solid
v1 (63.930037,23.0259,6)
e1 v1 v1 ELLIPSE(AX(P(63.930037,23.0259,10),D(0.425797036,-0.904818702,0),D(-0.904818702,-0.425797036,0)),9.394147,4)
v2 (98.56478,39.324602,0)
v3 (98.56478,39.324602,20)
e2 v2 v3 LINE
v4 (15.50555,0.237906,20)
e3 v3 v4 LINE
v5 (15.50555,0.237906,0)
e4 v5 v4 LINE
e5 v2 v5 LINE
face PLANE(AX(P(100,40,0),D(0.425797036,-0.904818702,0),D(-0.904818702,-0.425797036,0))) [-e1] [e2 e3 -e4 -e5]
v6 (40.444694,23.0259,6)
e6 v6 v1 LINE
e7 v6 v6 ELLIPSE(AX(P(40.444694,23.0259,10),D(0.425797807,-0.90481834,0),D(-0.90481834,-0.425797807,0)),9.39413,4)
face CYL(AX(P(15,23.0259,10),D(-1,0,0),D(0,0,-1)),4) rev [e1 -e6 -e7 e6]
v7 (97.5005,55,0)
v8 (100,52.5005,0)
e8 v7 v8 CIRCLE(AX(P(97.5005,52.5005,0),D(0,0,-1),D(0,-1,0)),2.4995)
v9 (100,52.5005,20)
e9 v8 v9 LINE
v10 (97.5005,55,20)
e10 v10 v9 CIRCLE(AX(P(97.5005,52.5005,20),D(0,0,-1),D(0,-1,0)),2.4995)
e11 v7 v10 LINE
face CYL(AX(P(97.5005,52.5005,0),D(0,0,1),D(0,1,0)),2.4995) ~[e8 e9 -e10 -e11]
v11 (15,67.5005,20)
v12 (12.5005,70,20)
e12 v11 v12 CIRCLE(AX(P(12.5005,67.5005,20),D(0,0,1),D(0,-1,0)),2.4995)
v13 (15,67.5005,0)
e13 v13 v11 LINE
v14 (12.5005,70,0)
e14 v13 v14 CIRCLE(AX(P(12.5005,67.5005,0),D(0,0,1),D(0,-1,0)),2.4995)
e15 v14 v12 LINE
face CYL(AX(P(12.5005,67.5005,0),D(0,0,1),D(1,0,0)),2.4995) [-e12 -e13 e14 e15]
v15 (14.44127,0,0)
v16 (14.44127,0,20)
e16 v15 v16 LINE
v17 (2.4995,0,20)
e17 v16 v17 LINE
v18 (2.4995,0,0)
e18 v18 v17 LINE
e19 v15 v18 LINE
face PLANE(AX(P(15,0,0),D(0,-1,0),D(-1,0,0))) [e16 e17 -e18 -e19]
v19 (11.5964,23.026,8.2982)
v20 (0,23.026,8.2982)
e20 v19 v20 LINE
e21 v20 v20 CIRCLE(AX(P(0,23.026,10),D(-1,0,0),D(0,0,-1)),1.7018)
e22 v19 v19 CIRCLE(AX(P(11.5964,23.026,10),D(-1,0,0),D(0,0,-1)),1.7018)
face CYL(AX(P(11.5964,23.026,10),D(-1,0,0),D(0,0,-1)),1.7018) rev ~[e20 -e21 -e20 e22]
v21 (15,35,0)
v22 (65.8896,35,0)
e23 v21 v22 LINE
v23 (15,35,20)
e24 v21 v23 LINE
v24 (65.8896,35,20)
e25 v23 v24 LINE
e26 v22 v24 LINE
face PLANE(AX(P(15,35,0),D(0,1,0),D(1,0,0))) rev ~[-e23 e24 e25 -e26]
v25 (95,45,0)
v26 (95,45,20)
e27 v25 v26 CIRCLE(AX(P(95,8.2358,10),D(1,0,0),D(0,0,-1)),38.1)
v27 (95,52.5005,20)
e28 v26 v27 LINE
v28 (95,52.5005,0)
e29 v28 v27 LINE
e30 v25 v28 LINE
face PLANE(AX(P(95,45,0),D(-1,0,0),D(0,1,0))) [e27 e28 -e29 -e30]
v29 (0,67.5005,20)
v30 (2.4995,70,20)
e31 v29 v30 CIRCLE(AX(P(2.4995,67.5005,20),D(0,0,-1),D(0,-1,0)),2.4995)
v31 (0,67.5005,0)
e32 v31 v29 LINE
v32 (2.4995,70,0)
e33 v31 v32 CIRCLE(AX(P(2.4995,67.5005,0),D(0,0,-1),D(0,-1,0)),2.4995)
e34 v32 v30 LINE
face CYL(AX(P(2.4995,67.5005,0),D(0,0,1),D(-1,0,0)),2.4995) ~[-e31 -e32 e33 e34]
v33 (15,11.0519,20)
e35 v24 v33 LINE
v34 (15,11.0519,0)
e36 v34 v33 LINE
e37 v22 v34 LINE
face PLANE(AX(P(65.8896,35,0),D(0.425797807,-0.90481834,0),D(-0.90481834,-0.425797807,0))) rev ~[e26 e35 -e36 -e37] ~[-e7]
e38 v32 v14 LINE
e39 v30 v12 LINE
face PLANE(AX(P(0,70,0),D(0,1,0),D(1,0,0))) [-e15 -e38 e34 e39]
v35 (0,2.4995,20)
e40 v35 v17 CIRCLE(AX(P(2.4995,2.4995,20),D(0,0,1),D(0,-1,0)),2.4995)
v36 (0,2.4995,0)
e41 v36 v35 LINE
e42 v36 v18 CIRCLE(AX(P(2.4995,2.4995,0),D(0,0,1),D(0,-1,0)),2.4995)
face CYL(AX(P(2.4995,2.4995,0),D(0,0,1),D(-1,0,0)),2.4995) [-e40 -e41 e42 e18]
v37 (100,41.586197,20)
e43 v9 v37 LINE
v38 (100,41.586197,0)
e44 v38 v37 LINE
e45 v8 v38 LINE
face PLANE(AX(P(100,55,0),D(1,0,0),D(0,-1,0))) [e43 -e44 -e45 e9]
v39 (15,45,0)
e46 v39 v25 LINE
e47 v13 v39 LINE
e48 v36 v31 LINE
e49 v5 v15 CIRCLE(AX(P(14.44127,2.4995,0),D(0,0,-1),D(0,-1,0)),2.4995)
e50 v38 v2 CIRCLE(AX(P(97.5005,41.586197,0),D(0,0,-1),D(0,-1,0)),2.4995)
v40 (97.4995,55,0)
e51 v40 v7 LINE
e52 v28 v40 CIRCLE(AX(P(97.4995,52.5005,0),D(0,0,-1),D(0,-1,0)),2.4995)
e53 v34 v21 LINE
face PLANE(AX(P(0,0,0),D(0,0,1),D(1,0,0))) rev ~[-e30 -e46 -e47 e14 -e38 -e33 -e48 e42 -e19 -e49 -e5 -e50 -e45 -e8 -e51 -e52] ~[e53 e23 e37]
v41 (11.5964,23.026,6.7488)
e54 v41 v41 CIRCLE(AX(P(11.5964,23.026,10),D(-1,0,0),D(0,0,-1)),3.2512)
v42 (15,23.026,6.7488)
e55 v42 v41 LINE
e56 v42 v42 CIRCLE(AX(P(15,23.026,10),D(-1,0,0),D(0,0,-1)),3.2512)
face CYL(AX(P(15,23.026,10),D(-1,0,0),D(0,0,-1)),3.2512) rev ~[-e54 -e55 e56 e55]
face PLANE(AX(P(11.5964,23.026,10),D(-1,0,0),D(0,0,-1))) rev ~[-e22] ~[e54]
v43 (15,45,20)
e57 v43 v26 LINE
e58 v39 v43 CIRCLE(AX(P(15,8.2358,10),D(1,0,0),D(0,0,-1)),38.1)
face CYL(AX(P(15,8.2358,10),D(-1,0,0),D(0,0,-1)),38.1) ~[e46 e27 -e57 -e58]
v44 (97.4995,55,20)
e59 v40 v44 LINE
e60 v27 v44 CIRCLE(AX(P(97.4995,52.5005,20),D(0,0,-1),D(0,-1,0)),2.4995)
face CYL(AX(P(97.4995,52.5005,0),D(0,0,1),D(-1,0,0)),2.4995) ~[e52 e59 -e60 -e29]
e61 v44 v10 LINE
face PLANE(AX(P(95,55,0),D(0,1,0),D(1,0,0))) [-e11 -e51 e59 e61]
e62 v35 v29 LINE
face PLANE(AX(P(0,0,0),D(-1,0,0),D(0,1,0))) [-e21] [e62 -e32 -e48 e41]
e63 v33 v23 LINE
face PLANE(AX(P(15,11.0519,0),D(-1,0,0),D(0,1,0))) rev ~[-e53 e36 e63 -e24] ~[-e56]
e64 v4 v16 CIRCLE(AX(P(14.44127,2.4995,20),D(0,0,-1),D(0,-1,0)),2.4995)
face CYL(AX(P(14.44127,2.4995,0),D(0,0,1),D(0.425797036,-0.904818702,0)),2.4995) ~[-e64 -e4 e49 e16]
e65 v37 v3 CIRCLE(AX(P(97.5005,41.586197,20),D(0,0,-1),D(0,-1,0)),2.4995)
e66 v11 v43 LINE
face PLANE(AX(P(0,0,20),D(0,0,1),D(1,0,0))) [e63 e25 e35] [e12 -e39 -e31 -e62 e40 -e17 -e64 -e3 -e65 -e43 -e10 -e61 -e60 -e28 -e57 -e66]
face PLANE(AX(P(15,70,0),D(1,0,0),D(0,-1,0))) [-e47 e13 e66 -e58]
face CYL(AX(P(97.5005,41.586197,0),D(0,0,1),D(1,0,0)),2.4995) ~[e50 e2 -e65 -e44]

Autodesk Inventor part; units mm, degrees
ref_plane "YZ Plane" through (0, 0, 0) normal (1, 0, 0) x (0, 1, 0)
ref_plane "XZ Plane" through (0, 0, 0) normal (0, 1, 0) x (-1, 0, 0)
ref_plane "XY Plane" through (0, 0, 0) normal (0, 0, 1) x (1, 0, 0)
sketch "Sketch1" plane through (0, 0, 0) normal (0, 0, 1) x (1, 0, 0)
  line L0 (0, 0) -> (0, 70)
  line L1 (0, 70) -> (15, 70)
  line L2 (15, 70) -> (15, 45)
  line L3 (15, 45) -> (95, 45)
  line L4 (95, 45) -> (95, 55)
  line L5 (95, 55) -> (100, 55)
  line L6 (100, 55) -> (100, 40)
  line L7 (100, 40) -> (15, 0)
  line L8 (15, 0) -> (0, 0)
  line L9 (100, 40) -> (95, 45) construction
  line L10 (15, 35) -> (65.8896, 35)
  line L11 (65.8896, 35) -> (15, 11.0519)
  line L12 (15, 11.0519) -> (15, 35)
  dimension "d0" = 5
  dimension "d1" = 80
  dimension "d2" = 70
  dimension "d3" = 25
  dimension "d4" = 15
  dimension "d5" = 15
  dimension "d6" = 10
  dimension "d7" = 135
  dimension "d8" = 10
  dimension "d9" = 10
  dimension "d10" = 15
extrude "Extrusion1" add sketch "Sketch1" along normal blind 20
sketch "Sketch2" plane through (15, 11.0519, 0) normal (1, 0, 0) x (0, 0, -1)
  line L0 (0, 0) -> (0, 23.9481) projected
  line L1 (0, 23.9481) -> (-20, 23.9481) projected
  line L2 (-20, 0) -> (-20, 23.9481) projected
  line L3 (0, 0) -> (-20, 0) projected
  circle A0 centre (-10, 11.974) radius 4
  line L4 (0, 23.9481) -> (-20, 23.9481) construction
  line L5 (-10, 23.9481) -> (-10, 0) construction
  point P0 (0, -11.0519)
  dimension "d14" = 8
extrude "Extrusion2" cut sketch "Sketch2" along normal blind 71.75 contours A0
hole "Hole1" at (15, 23.026, 10) direction (-1, 0, 0) diameter 3.4036 end through all counterbore diameter 6.5024 counterbore depth 3.4036 clearance for "Socket Head Cap Screw ISO 4762" size "M3" standard "ISO"
sketch "Sketch3" plane through (15, 45, 0) normal (1, 0, 0) x (0, 0, -1)
  line L0 (0, 0) -> (0, 25) projected
  line L1 (0, 25) -> (-20, 25) projected
  line L2 (-20, 0) -> (-20, 25) projected
  line L3 (0, 0) -> (-20, 0) projected
  circle A0 centre (-10, -36.7642) radius 38.1
  point P0 (0, -45)
  dimension "d28" = 76.2
extrude "Extrusion3" add sketch "Sketch3" along normal up to surface (80 mm away) contours L3 A0 picked at (-11.1228, 0.3955)
fillet "Fillet1" radius 2.5 7 edges at (15, 70, 10) (0, 70, 10) (95, 55, 10) (100, 55, 10) (0, 0, 10) (15, 0, 10) (100, 40, 10)
equation "\"d4\" = d5"
equation "\"d10\" = d5"
equation "\"d14\" = d13"
equation "\"d13\" = 8"
properties part number "Spool Holder"
